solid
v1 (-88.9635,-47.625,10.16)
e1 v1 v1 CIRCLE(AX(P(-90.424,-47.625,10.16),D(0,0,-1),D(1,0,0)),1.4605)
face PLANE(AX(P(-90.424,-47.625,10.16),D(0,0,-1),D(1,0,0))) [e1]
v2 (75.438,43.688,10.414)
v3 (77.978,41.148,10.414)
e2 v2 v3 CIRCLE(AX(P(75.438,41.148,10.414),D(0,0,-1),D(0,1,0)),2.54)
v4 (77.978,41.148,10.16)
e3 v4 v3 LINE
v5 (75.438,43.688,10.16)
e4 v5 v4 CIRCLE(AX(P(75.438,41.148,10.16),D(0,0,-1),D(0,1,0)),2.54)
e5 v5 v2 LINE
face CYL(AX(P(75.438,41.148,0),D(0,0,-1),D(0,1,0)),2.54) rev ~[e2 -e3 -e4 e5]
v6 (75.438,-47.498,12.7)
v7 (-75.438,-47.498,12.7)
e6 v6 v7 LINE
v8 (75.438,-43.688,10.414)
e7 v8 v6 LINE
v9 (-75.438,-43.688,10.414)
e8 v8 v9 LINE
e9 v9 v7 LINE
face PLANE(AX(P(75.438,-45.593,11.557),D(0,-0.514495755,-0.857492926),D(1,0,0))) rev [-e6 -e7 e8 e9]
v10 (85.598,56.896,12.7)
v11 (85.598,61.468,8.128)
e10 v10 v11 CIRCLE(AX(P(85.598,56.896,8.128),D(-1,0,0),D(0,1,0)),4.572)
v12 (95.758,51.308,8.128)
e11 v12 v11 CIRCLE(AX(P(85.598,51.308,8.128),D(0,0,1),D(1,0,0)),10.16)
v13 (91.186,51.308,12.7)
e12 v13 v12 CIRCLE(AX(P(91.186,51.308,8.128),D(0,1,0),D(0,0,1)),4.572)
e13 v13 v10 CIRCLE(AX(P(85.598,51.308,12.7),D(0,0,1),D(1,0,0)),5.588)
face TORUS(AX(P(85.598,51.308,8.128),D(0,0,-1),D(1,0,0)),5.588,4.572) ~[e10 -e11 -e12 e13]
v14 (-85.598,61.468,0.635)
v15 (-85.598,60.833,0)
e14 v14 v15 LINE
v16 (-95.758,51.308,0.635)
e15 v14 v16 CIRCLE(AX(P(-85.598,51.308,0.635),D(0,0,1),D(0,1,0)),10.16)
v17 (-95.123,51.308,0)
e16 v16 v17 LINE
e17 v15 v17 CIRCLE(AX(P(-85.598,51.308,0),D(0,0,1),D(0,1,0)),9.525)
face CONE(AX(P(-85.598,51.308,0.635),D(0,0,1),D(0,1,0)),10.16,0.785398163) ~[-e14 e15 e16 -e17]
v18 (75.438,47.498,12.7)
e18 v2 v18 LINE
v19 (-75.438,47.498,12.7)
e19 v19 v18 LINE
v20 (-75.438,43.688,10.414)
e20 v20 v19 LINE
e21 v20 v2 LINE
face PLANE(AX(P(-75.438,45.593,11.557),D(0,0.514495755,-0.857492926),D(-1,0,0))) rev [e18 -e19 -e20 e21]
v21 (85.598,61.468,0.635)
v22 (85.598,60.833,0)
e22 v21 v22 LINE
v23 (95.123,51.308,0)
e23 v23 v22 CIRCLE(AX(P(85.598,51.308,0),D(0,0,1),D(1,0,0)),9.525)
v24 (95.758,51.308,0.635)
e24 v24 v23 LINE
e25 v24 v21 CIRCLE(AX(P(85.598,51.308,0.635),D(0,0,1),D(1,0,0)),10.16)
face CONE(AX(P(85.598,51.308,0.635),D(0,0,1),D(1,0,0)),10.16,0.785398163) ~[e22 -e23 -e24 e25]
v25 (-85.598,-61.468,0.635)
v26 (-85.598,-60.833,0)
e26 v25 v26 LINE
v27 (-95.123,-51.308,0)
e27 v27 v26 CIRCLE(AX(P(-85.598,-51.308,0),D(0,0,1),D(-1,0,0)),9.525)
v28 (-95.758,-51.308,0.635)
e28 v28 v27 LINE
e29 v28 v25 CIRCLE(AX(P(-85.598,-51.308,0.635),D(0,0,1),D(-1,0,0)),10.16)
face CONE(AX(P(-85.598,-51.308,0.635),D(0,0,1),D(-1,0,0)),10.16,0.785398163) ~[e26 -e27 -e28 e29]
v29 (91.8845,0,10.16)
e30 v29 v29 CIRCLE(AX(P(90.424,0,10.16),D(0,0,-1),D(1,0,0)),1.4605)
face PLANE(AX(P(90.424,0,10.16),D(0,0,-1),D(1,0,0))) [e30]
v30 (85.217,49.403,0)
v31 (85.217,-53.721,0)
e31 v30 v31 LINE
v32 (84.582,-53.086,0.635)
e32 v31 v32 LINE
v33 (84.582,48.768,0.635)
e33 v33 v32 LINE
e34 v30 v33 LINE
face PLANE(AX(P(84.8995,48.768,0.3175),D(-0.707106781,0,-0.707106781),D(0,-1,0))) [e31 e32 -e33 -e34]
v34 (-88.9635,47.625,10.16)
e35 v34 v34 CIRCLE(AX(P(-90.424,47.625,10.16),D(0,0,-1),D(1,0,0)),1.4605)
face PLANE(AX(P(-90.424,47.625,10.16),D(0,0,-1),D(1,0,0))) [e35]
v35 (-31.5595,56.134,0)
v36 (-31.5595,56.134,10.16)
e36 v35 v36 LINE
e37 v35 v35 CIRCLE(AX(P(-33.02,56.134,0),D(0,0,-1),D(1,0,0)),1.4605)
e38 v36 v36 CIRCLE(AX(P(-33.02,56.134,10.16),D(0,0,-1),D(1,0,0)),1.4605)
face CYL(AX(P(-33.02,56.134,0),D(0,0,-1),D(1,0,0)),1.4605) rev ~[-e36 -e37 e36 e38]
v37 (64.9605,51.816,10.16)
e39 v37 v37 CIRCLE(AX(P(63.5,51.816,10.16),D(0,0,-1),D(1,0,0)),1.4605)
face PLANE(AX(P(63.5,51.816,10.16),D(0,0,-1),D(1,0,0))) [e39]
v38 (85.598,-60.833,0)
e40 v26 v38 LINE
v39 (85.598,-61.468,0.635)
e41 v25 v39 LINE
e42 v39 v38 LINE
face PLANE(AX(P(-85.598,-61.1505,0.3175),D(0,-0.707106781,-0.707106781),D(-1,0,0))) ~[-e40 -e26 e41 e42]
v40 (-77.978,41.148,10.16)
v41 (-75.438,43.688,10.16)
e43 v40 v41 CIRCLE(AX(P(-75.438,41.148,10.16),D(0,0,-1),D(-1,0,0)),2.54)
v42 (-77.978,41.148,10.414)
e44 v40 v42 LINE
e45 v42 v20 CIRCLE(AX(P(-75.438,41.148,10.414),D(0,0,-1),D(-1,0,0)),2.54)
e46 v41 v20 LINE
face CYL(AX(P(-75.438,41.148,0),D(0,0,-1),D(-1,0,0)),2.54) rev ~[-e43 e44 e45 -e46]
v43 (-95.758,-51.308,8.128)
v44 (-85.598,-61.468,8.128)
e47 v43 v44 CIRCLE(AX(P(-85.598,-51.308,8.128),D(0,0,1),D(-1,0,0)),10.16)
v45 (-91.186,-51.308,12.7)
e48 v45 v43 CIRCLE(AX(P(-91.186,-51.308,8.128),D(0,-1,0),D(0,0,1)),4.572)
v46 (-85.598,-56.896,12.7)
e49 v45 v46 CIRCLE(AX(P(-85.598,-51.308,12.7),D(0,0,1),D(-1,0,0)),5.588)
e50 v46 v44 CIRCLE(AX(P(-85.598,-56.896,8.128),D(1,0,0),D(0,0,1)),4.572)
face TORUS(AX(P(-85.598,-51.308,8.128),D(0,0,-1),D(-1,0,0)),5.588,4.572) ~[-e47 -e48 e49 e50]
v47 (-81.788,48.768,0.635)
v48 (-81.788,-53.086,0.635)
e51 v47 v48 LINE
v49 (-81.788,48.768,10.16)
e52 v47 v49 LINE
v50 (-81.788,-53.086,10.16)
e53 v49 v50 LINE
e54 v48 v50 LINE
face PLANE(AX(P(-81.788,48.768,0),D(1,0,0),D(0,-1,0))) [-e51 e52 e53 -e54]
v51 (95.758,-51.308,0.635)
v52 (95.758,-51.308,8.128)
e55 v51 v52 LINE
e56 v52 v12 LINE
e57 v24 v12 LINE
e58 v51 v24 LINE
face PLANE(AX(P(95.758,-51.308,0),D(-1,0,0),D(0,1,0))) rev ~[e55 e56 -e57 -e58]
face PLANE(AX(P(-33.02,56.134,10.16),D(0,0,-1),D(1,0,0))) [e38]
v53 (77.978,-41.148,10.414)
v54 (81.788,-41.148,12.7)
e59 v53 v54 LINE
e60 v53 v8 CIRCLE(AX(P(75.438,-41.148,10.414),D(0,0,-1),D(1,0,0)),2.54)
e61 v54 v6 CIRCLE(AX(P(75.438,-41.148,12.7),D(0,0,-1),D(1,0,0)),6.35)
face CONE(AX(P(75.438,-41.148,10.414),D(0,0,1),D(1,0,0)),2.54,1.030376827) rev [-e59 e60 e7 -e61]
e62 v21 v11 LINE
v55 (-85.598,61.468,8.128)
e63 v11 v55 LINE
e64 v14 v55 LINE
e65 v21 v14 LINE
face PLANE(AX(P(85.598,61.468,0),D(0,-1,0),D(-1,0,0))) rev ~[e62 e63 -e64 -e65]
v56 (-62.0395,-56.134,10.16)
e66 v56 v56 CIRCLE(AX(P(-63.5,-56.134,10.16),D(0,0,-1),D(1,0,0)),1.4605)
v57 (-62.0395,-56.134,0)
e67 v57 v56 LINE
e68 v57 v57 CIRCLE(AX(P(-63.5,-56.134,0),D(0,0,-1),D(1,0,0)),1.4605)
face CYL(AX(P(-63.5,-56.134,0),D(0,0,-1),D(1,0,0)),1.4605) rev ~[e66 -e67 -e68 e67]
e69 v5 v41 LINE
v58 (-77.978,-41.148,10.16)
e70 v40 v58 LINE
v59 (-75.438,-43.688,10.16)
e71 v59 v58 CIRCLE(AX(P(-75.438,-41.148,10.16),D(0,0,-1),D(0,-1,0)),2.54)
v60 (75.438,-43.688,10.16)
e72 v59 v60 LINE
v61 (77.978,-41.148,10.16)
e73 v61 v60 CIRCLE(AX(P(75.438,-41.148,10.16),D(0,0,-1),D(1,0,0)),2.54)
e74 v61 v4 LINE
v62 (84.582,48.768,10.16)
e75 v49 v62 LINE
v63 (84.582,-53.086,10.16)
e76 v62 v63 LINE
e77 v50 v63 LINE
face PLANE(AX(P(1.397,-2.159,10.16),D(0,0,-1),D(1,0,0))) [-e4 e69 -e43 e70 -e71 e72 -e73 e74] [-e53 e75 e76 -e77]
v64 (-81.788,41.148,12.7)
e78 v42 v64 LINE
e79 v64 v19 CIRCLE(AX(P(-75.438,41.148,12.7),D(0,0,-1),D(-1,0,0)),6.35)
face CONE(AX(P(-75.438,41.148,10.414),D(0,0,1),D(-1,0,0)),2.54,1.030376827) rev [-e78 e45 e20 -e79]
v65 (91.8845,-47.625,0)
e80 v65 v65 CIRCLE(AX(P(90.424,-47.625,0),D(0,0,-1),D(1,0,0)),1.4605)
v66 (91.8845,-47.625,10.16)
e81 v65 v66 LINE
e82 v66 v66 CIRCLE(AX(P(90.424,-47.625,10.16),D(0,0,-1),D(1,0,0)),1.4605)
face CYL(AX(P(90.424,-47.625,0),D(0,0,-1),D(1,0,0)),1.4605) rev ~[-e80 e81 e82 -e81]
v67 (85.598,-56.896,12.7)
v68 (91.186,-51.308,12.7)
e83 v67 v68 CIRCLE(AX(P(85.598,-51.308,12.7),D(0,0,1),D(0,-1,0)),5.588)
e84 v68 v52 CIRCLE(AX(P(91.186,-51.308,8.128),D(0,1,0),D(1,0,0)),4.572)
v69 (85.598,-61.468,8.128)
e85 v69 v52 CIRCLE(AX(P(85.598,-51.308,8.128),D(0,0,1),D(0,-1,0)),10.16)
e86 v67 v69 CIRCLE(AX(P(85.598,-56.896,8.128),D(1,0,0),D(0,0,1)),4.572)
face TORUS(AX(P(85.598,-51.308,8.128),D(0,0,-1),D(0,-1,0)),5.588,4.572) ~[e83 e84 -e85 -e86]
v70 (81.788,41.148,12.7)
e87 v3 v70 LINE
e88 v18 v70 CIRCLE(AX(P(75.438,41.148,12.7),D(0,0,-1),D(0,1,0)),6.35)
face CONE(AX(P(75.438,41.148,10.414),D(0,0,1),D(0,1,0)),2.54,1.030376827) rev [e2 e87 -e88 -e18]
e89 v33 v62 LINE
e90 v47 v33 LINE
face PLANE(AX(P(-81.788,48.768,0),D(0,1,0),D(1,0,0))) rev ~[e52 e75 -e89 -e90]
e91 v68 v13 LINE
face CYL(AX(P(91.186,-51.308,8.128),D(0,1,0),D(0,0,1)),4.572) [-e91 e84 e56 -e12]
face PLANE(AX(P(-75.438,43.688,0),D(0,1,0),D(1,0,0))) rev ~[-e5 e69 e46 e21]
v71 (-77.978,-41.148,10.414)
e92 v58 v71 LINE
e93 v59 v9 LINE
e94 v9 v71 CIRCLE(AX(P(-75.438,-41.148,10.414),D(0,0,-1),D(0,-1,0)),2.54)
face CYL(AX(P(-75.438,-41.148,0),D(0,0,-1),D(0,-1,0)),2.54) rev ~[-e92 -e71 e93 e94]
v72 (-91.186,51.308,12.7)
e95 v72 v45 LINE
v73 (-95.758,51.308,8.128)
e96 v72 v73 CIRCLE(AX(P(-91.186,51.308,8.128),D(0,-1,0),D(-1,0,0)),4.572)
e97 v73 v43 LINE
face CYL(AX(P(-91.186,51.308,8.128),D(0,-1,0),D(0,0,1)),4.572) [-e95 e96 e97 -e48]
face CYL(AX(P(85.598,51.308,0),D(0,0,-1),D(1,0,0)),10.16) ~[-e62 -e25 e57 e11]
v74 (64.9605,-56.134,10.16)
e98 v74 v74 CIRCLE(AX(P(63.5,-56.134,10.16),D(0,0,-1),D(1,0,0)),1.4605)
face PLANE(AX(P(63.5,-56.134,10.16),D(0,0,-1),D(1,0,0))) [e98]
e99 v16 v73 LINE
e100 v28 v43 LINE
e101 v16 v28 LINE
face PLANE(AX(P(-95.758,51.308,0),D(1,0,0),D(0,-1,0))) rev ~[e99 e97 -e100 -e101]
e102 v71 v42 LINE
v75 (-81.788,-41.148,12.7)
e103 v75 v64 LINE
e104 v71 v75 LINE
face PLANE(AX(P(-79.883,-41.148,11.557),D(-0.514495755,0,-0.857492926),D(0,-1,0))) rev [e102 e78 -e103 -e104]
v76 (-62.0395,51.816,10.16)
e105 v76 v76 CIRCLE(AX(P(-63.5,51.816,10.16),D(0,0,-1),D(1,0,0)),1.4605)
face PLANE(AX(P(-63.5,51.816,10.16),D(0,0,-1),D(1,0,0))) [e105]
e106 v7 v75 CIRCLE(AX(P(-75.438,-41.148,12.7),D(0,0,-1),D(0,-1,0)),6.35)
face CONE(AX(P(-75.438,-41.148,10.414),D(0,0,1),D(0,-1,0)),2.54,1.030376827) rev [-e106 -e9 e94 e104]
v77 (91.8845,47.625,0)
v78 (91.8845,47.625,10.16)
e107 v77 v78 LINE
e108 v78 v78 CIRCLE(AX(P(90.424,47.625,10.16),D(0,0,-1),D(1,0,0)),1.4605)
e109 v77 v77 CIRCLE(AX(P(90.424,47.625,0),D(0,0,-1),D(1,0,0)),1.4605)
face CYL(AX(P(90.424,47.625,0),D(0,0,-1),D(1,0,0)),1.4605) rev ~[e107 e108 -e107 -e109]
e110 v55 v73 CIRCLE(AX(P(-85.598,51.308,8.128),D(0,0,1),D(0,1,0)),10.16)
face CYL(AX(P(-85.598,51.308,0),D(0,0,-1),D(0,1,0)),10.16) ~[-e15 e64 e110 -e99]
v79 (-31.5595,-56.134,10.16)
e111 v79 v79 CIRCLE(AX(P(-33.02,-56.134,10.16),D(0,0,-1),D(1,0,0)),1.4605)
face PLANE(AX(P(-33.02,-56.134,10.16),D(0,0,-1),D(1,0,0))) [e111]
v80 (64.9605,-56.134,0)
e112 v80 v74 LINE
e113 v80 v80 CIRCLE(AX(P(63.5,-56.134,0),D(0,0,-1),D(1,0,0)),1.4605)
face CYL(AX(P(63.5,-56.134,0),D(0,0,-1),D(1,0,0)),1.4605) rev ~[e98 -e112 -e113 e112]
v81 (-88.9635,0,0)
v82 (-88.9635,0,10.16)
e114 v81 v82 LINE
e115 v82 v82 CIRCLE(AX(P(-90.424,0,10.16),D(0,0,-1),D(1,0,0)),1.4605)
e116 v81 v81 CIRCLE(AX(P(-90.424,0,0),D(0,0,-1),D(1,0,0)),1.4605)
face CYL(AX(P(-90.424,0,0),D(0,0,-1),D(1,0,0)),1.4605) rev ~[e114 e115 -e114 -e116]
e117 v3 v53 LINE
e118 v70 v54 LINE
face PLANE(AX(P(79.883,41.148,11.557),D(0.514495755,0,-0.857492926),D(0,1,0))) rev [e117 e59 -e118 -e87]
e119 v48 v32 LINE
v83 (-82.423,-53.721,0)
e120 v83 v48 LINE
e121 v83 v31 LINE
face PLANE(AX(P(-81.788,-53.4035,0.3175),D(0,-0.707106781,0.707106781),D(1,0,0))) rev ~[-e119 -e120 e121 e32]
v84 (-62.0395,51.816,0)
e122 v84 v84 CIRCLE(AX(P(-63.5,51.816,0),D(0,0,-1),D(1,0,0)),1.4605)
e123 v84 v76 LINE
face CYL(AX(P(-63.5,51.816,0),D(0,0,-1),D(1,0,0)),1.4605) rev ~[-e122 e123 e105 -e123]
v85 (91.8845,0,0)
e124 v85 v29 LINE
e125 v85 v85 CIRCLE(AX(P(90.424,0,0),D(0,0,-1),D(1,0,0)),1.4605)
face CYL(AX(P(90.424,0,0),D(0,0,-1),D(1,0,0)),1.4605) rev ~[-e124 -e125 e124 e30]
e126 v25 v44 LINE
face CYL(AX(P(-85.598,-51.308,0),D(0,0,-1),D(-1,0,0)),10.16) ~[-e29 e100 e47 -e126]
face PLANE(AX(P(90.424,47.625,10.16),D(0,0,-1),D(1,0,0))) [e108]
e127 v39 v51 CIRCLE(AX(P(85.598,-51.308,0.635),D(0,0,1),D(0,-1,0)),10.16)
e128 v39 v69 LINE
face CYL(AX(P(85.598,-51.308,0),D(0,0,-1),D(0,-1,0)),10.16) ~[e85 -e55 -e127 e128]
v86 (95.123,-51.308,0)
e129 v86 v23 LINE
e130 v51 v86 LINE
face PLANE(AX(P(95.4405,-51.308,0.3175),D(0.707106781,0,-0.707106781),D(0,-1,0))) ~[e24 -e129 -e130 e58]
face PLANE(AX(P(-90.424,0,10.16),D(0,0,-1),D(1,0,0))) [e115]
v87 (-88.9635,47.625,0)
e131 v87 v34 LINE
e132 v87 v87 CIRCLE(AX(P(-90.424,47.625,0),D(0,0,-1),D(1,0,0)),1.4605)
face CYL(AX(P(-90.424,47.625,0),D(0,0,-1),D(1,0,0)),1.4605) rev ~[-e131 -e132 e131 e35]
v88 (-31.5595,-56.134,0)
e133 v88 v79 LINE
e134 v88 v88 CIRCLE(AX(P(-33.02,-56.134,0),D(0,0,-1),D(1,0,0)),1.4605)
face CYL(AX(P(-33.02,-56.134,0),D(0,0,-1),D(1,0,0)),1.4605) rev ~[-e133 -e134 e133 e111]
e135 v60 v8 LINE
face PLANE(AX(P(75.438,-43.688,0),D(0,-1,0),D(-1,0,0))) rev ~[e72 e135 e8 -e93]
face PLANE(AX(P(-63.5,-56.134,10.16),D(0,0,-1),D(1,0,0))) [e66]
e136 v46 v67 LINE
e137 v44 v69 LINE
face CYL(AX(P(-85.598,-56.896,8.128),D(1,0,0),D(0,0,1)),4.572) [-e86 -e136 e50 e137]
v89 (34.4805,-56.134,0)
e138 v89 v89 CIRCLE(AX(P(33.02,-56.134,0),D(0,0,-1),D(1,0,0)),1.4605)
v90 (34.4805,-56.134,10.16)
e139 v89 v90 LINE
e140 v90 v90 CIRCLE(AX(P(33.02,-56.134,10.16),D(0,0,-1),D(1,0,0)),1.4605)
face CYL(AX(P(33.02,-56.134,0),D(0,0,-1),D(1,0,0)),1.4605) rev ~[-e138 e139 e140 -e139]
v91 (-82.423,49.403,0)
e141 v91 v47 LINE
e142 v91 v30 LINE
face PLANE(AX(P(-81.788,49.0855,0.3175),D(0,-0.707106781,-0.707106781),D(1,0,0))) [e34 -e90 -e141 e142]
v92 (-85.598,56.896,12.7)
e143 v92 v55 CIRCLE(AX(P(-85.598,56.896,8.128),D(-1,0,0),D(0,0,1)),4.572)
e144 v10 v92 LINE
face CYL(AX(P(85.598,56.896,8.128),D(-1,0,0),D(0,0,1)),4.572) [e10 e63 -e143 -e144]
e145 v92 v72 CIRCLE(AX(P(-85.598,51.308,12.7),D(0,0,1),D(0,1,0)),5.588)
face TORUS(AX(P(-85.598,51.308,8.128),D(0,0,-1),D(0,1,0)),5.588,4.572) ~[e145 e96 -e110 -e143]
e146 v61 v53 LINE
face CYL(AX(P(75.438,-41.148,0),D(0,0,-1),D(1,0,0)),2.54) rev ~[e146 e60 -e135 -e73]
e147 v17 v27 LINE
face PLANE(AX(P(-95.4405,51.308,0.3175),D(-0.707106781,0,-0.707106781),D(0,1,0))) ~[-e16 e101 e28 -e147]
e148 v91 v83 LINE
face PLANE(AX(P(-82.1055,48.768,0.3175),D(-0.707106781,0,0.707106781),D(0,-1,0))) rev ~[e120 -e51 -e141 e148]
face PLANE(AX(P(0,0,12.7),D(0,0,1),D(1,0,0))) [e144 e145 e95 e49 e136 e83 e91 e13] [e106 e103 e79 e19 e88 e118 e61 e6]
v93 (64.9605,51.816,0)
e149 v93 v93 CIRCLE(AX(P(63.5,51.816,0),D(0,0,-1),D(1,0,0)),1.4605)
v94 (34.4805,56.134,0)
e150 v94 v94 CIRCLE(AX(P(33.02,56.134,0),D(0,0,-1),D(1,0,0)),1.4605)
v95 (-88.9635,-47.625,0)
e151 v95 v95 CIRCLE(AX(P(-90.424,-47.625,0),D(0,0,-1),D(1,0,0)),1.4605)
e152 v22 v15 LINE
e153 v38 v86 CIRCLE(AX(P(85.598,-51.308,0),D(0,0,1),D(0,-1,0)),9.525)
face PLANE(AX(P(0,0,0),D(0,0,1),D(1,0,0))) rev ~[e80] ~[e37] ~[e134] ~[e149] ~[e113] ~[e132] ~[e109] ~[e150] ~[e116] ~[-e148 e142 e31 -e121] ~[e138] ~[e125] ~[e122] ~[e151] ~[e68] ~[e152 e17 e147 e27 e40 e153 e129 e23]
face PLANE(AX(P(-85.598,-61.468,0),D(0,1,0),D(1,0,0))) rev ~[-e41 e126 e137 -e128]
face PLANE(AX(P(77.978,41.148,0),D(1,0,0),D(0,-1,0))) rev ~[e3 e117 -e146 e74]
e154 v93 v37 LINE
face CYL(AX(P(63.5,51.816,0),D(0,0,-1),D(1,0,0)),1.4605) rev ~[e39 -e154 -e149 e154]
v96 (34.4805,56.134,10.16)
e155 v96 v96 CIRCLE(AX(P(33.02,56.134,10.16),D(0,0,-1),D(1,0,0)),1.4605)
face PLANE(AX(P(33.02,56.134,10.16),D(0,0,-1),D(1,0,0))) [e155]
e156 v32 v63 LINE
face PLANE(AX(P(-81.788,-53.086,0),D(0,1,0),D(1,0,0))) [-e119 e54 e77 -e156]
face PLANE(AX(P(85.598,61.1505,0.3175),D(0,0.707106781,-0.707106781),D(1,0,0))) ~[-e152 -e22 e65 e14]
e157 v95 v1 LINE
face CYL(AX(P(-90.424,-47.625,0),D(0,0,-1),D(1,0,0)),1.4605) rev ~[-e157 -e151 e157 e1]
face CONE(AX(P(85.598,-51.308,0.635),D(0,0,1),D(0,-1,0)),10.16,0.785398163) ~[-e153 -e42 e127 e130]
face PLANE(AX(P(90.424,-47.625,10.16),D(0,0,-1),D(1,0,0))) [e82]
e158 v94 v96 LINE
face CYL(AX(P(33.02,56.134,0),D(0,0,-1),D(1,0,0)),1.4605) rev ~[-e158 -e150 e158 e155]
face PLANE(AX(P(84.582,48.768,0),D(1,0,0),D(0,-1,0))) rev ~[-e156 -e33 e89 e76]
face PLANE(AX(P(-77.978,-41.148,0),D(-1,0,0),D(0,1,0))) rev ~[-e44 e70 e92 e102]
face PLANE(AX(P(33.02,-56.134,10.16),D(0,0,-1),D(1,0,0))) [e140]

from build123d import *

# Parameters (mm, degrees)
F1_DEPTH = 12.7
F2_W     = 166.37
F2_H     = 101.854
F3_DEPTH = 10.16
F4_SIZE2 = 3.81
F4_SIZE  = 2.286
F5_R     = 4.572
F6_R     = 1.4605
F7_DEPTH = 10.16
F8_SIZE  = 0.635


with BuildPart() as f1:
    # F0 (on Top) → F1 (new body)
    with BuildSketch(Plane.XY):
        with BuildLine():
            Line((85.598, 61.468), (-85.598, 61.468))
            ThreePointArc((-85.598, 61.468), (-92.7822048969, 58.4922048969), (-95.758, 51.308))
            Line((-95.758, 51.308), (-95.758, -51.308))
            ThreePointArc((-95.758, -51.308), (-92.7822048969, -58.4922048969), (-85.598, -61.468))
            Line((-85.598, -61.468), (85.598, -61.468))
            ThreePointArc((85.598, -61.468), (92.7822048969, -58.4922048969), (95.758, -51.308))
            Line((95.758, -51.308), (95.758, 51.308))
            ThreePointArc((95.758, 51.308), (92.7822048969, 58.4922048969), (85.598, 61.468))
        make_face()
        with BuildLine():
            ThreePointArc((-77.978, 41.148), (-77.2340512242, 42.9440512242), (-75.438, 43.688))
            Line((-75.438, 43.688), (75.438, 43.688))
            ThreePointArc((75.438, 43.688), (77.2340512242, 42.9440512242), (77.978, 41.148))
            Line((77.978, 41.148), (77.978, -41.148))
            ThreePointArc((77.978, -41.148), (77.2340512242, -42.9440512242), (75.438, -43.688))
            Line((75.438, -43.688), (-75.438, -43.688))
            ThreePointArc((-75.438, -43.688), (-77.2340512242, -42.9440512242), (-77.978, -41.148))
            Line((-77.978, -41.148), (-77.978, 41.148))
        make_face(mode=Mode.SUBTRACT)
    extrude(amount=F1_DEPTH)

    # F2 (on face) → F3 (cut)
    with BuildSketch(Plane(origin=(0, 0, 0), x_dir=(1, 0, 0), z_dir=(0, 0, -1))):
        with Locations((1.397, 2.159)):
            Rectangle(F2_W, F2_H)
    extrude(amount=-F3_DEPTH, mode=Mode.SUBTRACT)

    # F4
    f4_edges = [f1.edges().sort_by_distance(p)[0] for p in [
        (0, -43.688, 12.7),
    ]]
    f4_side = f1.faces().sort_by_distance((0, -43.688, 11.43))[0]
    chamfer(f4_edges, length=F4_SIZE, length2=F4_SIZE2, reference=f4_side)

    # F5
    f5_edges = [f1.edges().sort_by_distance(p)[0] for p in [
        (0, -61.468, 12.7),
    ]]
    fillet(f5_edges, radius=F5_R)

    # F6 (on face) → F7 (cut)
    with BuildSketch(Plane(origin=(0, 0, 0), x_dir=(1, 0, 0), z_dir=(0, 0, -1))):
        with Locations((-63.5, 56.134)):
            Circle(F6_R)
        with Locations((63.5, 56.134)):
            Circle(F6_R)
        with Locations((-63.5, -51.816)):
            Circle(F6_R)
        with Locations((63.5, -51.816)):
            Circle(F6_R)
        with Locations((-90.424, 47.625)):
            Circle(F6_R)
        with Locations((-90.424, -47.625)):
            Circle(F6_R)
        with Locations((90.424, -47.625)):
            Circle(F6_R)
        with Locations((90.424, 47.625)):
            Circle(F6_R)
        with Locations((-90.424, 0)):
            Circle(F6_R)
        with Locations((90.424, 0)):
            Circle(F6_R)
        with Locations((-33.02, 56.134)):
            Circle(F6_R)
        with Locations((33.02, 56.134)):
            Circle(F6_R)
        with Locations((-33.02, -56.134)):
            Circle(F6_R)
        with Locations((33.02, -56.134)):
            Circle(F6_R)
    extrude(amount=-F7_DEPTH, mode=Mode.SUBTRACT)

    # F8
    f8_edges = [f1.edges().sort_by_distance(p)[0] for p in [
        (1.397, -53.086, 0),
        (0, -61.468, 0),
        (-81.788, -2.159, 0),
        (1.397, 48.768, 0),
        (84.582, -2.159, 0),
    ]]
    chamfer(f8_edges, length=F8_SIZE)


solid = f1.part
